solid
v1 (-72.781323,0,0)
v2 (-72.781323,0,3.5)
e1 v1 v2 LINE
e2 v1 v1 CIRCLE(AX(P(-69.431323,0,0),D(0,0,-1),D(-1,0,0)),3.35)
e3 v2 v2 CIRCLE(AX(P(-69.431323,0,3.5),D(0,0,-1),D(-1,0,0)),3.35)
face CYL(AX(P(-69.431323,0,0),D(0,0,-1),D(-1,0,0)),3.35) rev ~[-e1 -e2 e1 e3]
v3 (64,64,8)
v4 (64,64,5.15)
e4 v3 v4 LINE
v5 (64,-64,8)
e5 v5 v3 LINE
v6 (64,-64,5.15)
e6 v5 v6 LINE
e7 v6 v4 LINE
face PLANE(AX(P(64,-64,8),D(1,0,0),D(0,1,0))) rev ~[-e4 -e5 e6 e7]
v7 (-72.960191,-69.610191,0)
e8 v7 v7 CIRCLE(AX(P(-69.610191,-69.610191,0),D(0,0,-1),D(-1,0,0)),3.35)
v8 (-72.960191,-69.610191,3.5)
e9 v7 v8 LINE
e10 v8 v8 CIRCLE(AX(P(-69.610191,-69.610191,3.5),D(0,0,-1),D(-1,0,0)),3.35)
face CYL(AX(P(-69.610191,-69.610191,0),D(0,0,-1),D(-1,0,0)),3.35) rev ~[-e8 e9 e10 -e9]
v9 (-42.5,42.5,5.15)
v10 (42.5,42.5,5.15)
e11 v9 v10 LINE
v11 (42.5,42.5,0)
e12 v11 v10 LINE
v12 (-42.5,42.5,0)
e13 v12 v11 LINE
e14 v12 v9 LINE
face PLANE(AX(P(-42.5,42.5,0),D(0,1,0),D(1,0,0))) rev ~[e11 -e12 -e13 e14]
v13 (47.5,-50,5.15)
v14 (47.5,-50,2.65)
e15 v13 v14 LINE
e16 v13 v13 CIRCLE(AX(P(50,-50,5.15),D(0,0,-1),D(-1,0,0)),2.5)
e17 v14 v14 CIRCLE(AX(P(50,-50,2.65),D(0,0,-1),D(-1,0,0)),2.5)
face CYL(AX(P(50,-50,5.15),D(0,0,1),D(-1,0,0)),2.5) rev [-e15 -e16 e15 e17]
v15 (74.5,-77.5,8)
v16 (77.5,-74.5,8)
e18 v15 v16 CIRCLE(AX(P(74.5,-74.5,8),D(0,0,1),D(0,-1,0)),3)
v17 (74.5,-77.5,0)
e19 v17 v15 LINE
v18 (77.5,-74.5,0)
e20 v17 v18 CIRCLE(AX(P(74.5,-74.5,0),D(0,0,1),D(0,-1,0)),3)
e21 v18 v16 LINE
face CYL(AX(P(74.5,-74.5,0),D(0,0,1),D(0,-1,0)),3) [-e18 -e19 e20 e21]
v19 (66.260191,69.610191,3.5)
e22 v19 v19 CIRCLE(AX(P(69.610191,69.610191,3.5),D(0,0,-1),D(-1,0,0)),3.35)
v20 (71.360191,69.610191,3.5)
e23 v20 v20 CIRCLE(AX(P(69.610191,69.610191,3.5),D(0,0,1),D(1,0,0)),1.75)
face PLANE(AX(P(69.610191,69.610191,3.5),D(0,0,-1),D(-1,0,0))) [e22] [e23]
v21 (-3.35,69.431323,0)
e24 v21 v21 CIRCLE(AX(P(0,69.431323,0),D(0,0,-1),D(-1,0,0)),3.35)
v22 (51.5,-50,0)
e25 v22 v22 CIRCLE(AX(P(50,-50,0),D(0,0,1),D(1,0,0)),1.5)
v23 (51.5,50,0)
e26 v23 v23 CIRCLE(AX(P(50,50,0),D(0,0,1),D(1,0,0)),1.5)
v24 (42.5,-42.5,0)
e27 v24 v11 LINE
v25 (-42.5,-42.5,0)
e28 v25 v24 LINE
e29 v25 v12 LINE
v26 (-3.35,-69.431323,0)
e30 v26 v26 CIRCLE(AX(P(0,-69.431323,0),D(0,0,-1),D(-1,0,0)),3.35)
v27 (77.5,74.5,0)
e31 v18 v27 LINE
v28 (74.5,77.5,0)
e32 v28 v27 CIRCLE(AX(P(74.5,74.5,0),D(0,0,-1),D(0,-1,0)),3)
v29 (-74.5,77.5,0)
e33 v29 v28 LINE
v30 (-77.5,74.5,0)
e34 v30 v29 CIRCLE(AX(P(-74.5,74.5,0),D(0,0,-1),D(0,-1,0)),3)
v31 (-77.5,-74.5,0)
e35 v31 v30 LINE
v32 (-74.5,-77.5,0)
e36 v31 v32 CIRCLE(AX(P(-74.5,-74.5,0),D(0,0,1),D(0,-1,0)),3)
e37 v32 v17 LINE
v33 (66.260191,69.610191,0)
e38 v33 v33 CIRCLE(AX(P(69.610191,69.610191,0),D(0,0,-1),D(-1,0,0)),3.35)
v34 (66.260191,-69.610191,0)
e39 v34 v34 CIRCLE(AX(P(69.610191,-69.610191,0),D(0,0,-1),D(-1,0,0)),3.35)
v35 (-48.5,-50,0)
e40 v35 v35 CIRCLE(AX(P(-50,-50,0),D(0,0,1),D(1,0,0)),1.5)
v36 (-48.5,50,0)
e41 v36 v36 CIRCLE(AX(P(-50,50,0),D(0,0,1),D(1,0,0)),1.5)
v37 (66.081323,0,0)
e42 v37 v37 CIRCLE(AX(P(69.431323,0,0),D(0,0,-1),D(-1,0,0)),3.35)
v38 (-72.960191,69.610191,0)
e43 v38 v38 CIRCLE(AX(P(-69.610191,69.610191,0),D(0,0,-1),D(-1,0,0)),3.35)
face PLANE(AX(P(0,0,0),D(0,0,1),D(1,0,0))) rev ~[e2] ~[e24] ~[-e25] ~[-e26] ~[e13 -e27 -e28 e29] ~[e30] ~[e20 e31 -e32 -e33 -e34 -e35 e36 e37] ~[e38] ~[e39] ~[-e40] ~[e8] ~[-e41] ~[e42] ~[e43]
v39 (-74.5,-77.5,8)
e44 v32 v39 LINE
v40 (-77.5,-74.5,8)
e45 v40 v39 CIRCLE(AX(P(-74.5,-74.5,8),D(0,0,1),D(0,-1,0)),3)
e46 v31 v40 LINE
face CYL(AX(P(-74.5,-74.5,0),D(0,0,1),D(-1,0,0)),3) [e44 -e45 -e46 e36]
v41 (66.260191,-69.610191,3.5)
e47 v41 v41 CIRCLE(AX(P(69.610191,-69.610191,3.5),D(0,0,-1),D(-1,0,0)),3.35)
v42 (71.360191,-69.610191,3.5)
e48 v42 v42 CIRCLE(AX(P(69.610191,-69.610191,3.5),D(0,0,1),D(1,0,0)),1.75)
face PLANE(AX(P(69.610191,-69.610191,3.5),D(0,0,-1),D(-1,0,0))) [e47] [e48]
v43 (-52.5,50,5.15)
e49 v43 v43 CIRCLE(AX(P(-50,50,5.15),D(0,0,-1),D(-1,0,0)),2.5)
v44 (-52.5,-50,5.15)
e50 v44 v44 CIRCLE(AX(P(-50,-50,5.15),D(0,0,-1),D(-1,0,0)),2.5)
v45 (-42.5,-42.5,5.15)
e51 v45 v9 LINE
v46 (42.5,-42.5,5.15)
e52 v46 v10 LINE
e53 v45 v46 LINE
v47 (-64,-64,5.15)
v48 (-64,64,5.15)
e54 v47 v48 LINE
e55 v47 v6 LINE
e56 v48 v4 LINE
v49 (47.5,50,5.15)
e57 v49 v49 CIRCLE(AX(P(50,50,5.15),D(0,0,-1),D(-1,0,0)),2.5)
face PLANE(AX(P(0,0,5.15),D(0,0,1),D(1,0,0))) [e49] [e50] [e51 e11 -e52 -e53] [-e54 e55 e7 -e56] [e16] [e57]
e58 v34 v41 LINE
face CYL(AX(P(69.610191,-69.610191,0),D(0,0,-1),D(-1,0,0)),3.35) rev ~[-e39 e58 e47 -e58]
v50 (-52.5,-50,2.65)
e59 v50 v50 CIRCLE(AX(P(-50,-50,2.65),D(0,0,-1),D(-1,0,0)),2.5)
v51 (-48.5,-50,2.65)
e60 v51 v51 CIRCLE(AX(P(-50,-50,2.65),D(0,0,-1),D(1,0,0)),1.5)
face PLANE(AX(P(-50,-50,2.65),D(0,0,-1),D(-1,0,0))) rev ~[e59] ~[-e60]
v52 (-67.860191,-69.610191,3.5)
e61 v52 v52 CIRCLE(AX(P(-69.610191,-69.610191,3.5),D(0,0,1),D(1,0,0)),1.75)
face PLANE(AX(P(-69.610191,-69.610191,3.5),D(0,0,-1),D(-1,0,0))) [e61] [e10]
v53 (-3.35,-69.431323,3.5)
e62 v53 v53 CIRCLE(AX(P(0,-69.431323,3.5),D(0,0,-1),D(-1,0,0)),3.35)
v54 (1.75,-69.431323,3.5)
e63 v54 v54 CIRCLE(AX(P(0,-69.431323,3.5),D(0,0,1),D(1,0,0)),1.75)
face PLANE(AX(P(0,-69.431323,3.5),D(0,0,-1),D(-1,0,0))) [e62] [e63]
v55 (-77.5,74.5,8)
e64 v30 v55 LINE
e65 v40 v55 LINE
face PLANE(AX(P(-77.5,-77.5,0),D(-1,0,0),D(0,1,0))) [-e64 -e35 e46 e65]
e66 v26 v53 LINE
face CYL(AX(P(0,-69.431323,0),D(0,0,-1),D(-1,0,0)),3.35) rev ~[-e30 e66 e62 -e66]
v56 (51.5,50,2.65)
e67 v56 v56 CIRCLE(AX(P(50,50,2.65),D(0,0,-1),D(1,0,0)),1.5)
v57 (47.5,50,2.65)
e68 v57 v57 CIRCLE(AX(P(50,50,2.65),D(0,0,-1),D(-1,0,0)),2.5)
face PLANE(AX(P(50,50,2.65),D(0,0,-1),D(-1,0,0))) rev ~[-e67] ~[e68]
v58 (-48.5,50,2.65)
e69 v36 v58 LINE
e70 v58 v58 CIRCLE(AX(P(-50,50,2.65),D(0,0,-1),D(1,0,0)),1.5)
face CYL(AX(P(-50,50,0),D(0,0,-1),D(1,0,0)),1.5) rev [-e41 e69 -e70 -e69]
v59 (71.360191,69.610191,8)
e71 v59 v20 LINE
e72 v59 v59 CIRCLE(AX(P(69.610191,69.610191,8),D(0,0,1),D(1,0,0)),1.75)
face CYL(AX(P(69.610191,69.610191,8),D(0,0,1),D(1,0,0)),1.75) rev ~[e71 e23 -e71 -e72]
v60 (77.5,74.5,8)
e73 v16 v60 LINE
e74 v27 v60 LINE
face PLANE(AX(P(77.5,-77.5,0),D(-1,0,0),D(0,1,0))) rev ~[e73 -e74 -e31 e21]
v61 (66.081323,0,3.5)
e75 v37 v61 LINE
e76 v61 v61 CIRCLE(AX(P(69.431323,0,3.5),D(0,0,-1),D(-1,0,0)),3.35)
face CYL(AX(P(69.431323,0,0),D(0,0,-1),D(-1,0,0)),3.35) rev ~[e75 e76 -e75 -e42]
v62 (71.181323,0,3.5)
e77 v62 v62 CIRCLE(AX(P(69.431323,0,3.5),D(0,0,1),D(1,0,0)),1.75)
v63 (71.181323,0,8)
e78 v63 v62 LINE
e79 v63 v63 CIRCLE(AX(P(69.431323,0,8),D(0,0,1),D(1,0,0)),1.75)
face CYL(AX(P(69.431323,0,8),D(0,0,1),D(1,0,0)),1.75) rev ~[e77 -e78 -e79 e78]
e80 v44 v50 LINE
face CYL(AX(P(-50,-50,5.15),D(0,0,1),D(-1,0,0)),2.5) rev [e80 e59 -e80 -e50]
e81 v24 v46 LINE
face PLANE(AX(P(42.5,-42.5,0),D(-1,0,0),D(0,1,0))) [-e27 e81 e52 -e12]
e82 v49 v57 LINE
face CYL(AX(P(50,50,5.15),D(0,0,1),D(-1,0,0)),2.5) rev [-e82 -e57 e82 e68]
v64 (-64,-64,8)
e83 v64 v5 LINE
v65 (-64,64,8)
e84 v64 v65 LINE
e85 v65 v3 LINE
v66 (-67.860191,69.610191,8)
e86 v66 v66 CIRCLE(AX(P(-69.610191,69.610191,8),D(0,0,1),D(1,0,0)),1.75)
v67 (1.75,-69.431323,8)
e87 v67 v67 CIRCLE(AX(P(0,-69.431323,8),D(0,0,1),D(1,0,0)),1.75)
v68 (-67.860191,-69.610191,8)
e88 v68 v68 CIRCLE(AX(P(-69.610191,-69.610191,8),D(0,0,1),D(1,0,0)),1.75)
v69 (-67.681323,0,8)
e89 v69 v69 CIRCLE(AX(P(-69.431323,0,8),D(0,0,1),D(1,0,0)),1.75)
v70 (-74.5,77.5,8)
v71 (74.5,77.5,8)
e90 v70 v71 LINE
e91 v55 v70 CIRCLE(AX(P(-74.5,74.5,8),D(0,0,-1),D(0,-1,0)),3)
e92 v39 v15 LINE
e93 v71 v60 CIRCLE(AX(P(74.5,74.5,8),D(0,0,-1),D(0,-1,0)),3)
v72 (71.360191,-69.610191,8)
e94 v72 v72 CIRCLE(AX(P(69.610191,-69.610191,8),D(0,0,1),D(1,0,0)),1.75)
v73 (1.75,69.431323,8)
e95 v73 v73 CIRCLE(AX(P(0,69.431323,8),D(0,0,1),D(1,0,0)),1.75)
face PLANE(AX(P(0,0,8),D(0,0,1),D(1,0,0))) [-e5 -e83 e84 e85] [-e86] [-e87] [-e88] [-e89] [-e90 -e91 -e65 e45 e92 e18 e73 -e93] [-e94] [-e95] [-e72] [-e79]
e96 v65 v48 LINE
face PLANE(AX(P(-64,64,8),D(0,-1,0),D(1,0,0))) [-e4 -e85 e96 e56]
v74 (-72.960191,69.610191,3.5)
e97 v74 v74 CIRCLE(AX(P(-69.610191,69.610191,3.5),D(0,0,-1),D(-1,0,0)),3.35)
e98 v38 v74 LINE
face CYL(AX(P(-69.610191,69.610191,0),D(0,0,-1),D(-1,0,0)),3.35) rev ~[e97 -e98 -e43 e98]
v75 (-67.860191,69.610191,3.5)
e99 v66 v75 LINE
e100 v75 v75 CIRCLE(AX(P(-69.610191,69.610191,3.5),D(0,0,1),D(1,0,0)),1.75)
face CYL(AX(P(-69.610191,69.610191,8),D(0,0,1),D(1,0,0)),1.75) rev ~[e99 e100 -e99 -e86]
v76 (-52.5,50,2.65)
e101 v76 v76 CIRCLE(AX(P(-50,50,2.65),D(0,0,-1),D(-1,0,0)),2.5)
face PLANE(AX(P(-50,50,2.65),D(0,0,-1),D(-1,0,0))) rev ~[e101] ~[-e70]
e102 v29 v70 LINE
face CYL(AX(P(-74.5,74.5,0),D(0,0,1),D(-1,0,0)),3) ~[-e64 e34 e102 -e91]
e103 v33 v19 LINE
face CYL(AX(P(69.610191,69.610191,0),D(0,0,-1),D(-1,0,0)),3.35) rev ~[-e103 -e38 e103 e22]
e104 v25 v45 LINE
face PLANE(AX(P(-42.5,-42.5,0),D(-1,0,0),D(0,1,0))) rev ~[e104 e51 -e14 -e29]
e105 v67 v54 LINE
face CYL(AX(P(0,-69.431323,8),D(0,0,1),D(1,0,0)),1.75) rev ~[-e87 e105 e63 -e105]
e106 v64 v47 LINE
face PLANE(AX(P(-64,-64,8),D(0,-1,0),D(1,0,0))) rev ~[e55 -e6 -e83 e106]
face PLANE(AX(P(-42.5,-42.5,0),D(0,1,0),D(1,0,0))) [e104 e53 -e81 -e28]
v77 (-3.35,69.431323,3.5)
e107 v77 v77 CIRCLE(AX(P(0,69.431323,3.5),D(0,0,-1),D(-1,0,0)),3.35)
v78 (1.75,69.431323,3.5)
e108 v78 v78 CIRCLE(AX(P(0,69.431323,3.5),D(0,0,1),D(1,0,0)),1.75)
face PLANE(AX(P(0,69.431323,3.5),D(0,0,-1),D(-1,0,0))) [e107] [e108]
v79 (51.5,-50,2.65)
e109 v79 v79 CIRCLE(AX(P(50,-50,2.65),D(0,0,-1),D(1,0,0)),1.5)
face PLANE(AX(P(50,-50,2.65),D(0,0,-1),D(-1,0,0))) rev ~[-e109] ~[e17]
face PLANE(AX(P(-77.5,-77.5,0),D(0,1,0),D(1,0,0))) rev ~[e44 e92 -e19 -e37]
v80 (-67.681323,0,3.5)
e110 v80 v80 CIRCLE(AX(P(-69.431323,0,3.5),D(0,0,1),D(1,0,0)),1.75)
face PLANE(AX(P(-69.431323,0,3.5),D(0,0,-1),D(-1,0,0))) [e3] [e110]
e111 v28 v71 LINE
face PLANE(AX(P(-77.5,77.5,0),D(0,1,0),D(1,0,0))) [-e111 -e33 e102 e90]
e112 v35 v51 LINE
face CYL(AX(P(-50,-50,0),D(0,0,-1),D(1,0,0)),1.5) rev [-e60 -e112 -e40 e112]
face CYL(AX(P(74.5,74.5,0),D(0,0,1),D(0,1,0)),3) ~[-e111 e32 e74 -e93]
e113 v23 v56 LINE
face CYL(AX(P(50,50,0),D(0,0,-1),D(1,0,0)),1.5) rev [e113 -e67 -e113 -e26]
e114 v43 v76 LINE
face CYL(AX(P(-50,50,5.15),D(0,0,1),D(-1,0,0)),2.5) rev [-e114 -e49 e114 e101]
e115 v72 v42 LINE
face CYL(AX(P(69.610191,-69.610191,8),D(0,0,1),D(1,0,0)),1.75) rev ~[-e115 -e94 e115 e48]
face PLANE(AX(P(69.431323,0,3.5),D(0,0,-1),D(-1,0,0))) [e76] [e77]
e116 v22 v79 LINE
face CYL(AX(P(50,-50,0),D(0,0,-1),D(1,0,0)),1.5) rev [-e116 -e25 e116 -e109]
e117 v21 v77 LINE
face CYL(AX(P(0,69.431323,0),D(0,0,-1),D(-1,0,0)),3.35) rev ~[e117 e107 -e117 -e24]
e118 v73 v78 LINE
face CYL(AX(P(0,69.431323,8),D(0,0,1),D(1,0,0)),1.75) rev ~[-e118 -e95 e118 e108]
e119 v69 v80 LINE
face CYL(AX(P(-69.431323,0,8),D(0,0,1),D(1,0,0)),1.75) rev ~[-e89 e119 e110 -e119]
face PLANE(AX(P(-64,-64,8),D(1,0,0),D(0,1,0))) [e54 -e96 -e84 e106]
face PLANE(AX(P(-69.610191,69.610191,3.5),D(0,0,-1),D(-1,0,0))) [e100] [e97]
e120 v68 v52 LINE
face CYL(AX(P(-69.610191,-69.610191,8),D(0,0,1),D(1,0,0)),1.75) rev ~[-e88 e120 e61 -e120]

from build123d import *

# Parameters (mm, degrees)
SKETCH1_W           = 155
SKETCH1_H           = 155
SKETCH1_R           = 1.5
SKETCH1_W_2         = 85
SKETCH1_H_2         = 85
BOSS_EXTRUDE1_DEPTH = 8
SKETCH3_W           = 128
SKETCH3_H           = 128
CUT_EXTRUDE2_DEPTH  = 2.85
FILLET1_R           = 3
SKETCH4_R           = 2.5
CUT_EXTRUDE3_DEPTH  = 2.5
SKETCH5_R           = 1.75
CUT_EXTRUDE4_DEPTH  = 23
SKETCH6_R           = 3.35
CUT_EXTRUDE5_DEPTH  = 3.5


with BuildPart() as part:
    # Sketch1 → Boss-Extrude1 (new body)
    with BuildSketch(Plane.XY):
        Rectangle(SKETCH1_W, SKETCH1_H)
        with Locations((-50, 50)):
            Circle(SKETCH1_R, mode=Mode.SUBTRACT)
        with Locations((50, 50)):
            Circle(SKETCH1_R, mode=Mode.SUBTRACT)
        with Locations((50, -50)):
            Circle(SKETCH1_R, mode=Mode.SUBTRACT)
        with Locations((-50, -50)):
            Circle(SKETCH1_R, mode=Mode.SUBTRACT)
        Rectangle(SKETCH1_W_2, SKETCH1_H_2, mode=Mode.SUBTRACT)
    extrude(amount=BOSS_EXTRUDE1_DEPTH)

    # Sketch3 → Cut-Extrude2 (cut)
    with BuildSketch(Plane.XY.offset(8)):
        Rectangle(SKETCH3_W, SKETCH3_H)
    extrude(amount=-CUT_EXTRUDE2_DEPTH, mode=Mode.SUBTRACT)

    # Fillet1
    fillet1_edges = [part.edges().sort_by_distance(p)[0] for p in [
        (77.5, -77.5, 4),
        (-77.5, -77.5, 4),
        (-77.5, 77.5, 4),
        (77.5, 77.5, 4),
    ]]
    fillet(fillet1_edges, radius=FILLET1_R)

    # Sketch4 → Cut-Extrude3 (cut)
    with BuildSketch(Plane(origin=(0, 0, 5.15), x_dir=(-1, 0, 0), z_dir=(0, 0, -1))):
        with Locations((-50, 50)):
            Circle(SKETCH4_R)
        with Locations((50, 50)):
            Circle(SKETCH4_R)
        with Locations((50, -50)):
            Circle(SKETCH4_R)
        with Locations((-50, -50)):
            Circle(SKETCH4_R)
    extrude(amount=CUT_EXTRUDE3_DEPTH, mode=Mode.SUBTRACT)

    # Sketch5 → Cut-Extrude4 (cut)
    with BuildSketch(Plane.XY.offset(8)):
        with Locations((0, 69.431322576)):
            Circle(SKETCH5_R)
        with Locations((-69.610191061, 69.610191061)):
            Circle(SKETCH5_R)
        with Locations((69.431322576, 0)):
            Circle(SKETCH5_R)
        with Locations((69.610191061, 69.610191061)):
            Circle(SKETCH5_R)
        with Locations((0, -69.431322576)):
            Circle(SKETCH5_R)
        with Locations((69.610191061, -69.610191061)):
            Circle(SKETCH5_R)
        with Locations((-69.431322576, 0)):
            Circle(SKETCH5_R)
        with Locations((-69.610191061, -69.610191061)):
            Circle(SKETCH5_R)
    extrude(amount=-CUT_EXTRUDE4_DEPTH, mode=Mode.SUBTRACT)

    # Sketch6 → Cut-Extrude5 (cut)
    with BuildSketch(Plane(origin=(0, 0, 0), x_dir=(-1, 0, 0), z_dir=(0, 0, -1))):
        with Locations((-69.610191061, 69.610191061)):
            Circle(SKETCH6_R)
        with Locations((69.610191061, 69.610191061)):
            Circle(SKETCH6_R)
        with Locations((69.610191061, -69.610191061)):
            Circle(SKETCH6_R)
        with Locations((-69.610191061, -69.610191061)):
            Circle(SKETCH6_R)
        with Locations((-69.431322576, 0)):
            Circle(SKETCH6_R)
        with Locations((0, 69.431322576)):
            Circle(SKETCH6_R)
        with Locations((69.431322576, 0)):
            Circle(SKETCH6_R)
        with Locations((0, -69.431322576)):
            Circle(SKETCH6_R)
    extrude(amount=-CUT_EXTRUDE5_DEPTH, mode=Mode.SUBTRACT)


solid = part.part
